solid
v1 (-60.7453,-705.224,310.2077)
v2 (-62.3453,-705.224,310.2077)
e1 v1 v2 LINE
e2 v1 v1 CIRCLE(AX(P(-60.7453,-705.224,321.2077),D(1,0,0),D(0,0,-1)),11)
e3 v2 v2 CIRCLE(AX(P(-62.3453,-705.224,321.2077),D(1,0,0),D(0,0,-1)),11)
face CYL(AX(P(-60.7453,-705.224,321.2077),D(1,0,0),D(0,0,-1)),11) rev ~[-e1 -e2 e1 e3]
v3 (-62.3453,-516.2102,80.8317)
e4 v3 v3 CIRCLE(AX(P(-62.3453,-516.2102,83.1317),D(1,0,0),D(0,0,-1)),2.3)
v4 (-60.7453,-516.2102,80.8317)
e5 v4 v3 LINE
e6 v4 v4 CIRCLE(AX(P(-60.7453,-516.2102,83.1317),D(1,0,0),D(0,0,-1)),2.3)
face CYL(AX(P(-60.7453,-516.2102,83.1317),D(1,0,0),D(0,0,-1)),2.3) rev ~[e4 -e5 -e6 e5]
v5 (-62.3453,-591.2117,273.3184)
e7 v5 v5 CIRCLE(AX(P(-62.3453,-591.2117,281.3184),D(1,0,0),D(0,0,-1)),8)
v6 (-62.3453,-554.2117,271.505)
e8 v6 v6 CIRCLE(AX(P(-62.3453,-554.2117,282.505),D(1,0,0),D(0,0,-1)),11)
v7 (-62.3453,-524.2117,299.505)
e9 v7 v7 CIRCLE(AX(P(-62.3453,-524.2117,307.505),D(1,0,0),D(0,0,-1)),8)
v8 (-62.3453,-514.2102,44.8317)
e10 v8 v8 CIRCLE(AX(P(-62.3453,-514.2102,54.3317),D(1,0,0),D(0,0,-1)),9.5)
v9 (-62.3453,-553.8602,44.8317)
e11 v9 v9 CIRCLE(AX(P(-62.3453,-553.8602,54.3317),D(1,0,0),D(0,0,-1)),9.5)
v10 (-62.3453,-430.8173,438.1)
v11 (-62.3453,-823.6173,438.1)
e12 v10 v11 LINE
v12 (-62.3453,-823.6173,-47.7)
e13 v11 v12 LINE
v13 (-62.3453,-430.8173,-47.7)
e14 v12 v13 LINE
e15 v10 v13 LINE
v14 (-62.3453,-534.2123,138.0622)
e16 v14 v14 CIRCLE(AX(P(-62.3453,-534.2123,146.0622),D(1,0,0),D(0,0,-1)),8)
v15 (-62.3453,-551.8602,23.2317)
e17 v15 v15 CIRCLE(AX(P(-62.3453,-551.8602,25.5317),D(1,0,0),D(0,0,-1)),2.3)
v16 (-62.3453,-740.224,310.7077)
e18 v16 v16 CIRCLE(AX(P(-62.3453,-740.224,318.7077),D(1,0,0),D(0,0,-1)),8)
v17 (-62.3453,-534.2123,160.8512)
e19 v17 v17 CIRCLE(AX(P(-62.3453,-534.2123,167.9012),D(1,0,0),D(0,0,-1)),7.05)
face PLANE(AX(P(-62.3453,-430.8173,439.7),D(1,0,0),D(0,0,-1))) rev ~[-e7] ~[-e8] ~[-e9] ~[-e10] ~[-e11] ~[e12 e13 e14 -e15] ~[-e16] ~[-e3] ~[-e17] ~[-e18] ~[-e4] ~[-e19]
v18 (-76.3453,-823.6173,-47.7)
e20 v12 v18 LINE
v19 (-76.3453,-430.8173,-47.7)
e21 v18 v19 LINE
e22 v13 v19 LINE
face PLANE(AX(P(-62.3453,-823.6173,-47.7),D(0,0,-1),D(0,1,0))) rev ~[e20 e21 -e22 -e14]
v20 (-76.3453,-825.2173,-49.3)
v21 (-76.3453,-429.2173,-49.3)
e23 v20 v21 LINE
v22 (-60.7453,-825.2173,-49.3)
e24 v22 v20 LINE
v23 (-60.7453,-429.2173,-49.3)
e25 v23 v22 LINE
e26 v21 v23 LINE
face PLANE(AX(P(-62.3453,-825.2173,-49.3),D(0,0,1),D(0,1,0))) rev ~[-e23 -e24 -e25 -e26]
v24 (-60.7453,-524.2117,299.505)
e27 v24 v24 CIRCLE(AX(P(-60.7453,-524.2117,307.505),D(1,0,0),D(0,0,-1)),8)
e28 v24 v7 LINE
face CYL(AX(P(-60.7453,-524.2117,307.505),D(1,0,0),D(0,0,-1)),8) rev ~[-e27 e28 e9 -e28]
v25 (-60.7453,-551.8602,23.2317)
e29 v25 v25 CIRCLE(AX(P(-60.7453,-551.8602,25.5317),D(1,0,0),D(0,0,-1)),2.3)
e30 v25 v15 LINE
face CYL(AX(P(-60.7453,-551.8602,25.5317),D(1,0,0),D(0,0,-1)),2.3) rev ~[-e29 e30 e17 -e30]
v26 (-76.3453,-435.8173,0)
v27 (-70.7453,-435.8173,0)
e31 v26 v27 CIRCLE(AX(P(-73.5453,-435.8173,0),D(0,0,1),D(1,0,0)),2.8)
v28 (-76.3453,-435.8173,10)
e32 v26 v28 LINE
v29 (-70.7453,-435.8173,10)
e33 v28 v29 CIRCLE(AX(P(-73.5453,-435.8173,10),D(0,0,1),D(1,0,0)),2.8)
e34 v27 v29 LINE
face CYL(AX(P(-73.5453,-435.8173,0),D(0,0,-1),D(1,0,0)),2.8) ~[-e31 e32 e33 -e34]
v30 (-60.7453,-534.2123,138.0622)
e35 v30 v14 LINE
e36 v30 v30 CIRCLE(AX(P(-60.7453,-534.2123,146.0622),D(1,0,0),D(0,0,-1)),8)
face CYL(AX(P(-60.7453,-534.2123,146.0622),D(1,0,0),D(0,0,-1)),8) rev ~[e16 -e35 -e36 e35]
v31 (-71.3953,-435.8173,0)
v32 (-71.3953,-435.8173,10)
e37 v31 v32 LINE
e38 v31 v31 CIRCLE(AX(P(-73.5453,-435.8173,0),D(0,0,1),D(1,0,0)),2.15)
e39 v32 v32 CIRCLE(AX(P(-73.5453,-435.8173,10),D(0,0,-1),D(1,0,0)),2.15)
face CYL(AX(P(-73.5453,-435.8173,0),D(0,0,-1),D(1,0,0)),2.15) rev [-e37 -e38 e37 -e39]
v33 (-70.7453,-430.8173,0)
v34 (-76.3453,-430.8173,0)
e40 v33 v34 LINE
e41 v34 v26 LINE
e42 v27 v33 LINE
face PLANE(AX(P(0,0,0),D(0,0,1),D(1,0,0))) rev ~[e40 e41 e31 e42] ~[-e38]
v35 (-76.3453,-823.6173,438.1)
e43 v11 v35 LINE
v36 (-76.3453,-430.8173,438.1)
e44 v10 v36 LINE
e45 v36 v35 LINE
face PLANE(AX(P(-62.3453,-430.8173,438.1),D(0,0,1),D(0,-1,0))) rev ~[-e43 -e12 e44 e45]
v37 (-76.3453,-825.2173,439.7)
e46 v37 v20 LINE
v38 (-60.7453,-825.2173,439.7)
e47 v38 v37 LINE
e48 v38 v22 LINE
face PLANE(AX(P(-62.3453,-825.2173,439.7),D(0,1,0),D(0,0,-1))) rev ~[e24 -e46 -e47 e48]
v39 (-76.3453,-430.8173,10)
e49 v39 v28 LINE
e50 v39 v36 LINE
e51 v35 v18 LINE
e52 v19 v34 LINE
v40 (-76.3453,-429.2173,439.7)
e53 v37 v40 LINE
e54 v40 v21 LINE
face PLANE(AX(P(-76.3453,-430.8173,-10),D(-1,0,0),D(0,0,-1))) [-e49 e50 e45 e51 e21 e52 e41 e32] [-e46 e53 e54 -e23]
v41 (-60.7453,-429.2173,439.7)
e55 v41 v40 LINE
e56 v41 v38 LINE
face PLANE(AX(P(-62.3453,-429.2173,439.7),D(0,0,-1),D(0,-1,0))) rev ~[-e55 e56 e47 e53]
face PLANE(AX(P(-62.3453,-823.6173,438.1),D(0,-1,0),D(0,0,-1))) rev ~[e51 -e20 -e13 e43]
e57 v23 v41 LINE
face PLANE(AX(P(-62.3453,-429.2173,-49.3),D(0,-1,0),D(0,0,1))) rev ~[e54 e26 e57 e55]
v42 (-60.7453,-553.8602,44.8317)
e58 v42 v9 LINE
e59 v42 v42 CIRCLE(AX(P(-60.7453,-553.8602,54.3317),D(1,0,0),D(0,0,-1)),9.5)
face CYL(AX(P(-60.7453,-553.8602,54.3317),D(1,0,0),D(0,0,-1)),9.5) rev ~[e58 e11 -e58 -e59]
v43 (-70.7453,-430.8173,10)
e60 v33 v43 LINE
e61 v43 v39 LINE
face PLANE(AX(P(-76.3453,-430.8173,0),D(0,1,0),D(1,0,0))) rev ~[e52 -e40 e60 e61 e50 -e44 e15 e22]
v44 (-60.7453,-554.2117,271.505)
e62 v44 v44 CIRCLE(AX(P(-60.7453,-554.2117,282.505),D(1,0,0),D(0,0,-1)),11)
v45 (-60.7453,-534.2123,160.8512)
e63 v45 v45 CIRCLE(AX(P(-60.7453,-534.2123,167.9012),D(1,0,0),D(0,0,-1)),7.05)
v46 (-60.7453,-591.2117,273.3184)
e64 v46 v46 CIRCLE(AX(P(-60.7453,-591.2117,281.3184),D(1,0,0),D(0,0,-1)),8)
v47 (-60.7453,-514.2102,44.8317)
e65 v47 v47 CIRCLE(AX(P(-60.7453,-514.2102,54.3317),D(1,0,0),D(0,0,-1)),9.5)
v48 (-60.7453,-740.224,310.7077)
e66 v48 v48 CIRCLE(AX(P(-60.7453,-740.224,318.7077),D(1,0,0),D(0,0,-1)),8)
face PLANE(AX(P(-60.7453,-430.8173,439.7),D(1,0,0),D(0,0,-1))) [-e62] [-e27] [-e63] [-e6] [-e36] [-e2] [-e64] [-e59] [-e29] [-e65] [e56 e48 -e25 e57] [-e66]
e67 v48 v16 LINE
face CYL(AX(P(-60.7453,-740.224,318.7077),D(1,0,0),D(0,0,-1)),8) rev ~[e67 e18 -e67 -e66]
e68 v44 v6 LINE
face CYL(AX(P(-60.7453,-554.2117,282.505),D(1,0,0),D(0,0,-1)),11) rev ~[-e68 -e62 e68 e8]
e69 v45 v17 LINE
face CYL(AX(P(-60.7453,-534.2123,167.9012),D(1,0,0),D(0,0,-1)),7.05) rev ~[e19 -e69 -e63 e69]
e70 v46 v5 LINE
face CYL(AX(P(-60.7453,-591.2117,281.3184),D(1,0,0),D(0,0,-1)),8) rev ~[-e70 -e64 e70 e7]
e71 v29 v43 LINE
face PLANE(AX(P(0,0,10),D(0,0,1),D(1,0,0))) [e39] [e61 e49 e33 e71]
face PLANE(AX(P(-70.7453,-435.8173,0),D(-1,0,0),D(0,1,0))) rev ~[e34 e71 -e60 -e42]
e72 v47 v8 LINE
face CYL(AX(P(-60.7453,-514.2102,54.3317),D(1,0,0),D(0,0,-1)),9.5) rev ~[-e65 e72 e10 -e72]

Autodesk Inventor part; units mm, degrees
ref_plane "YZ Plane" through (0, 0, 0) normal (1, 0, 0) x (0, 1, 0)
ref_plane "XZ Plane" through (0, 0, 0) normal (0, 1, 0) x (-1, 0, 0)
ref_plane "XY Plane" through (0, 0, 0) normal (0, 0, 1) x (1, 0, 0)
sketch "Sketch1" plane through (0, 0, 0) normal (0, 0, 1) x (1, 0, 0)
  circle A0 centre (-73.5453, -435.8173) radius 2.15 projected
  circle A1 centre (-73.5453, -435.8173) radius 2.8
  line L0 (-76.3453, -435.8173) -> (-70.7453, -435.8173)
  line L1 (-70.7453, -435.8173) -> (-70.7453, -430.8173)
  line L2 (-70.7453, -430.8173) -> (-76.3453, -430.8173)
  line L3 (-76.3453, -430.8173) -> (-76.3453, -435.8173)
  point P0 (0, 0)
  dimension "d1" = 5.6
  dimension "d2" = 5
extrude "Extrusion1" add sketch "Sketch1" along normal blind 10 contours L0 A1 A0 | A0 L0 A1 | A1 L3 L2 L1
sketch "Sketch2" plane through (-76.3453, -430.8173, 0) normal (0, 1, 0) x (1, 0, 0)
  line L0 (0, 49.3) -> (14, 49.3)
  line L1 (14, 49.3) -> (14, -439.7)
  line L2 (14, -439.7) -> (0, -439.7)
  line L3 (0, -439.7) -> (0, 49.3)
  line L4 (-11.8992, -390) -> (-11.8992, -380) projected
  line L5 (-11.8992, -380) -> (0.8131, -380) projected
  line L6 (0.8131, -380) -> (0.8131, -390) projected
  line L7 (0.8131, -390) -> (-11.8992, -390) projected
  line L8 (-11.8992, 0) -> (-11.8992, 10) projected
  line L9 (-11.8992, 10) -> (0.8131, 10) projected
  line L10 (0.8131, 10) -> (0.8131, 0) projected
  line L11 (0.8131, 0) -> (-11.8992, 0) projected
  line L12 (1.6631, -425.4) -> (1.6631, 35) projected
  line L13 (1.6631, 35) -> (308.0179, 35) projected
  line L14 (308.0179, 35) -> (308.0179, -425.4) projected
  line L15 (308.0179, -425.4) -> (1.6631, -425.4) projected
  line L16 (322.7236, -442.7) -> (322.7236, 52.3) projected
  line L17 (322.7236, 52.3) -> (-13.0426, 52.3) projected
  line L18 (-13.0426, 52.3) -> (-13.0426, -442.7) projected
  line L19 (-13.0426, -442.7) -> (322.7236, -442.7) projected
  point P0 (76.3453, 0)
  point P1 (0, -10)
  dimension "d5" = 14
  dimension "d6" = 489
  dimension "d7" = 3
  dimension "d8" = 3
extrude "Extrusion2" add sketch "Sketch2" along normal blind 1.6 contours L0 L1 L13 L12 L15 L2 L3 L7 L6 L5 L11 L10 L9 | L9 L10 L11 L3 | L1 L15 L12 L13 | L5 L6 L7 L3
sketch "Sketch3" plane through (-62.3453, -430.8173, 439.7) normal (1, 0, 0) x (0, 0, -1)
  line L0 (489, 0) -> (489, 1.6) projected
  line L1 (489, 1.6) -> (0, 1.6)
  line L2 (0, 1.6) -> (0, -394.4)
  line L3 (0, -394.4) -> (489, -394.4)
  line L4 (489, -394.4) -> (489, 1.6)
  point P0 (439.7, 430.8173)
  point P1 (489, 0)
  dimension "d11" = 396
extrude "Extrusion3" add sketch "Sketch3" along normal blind 1.6
sketch "Sketch4" plane through (-62.3453, -430.8173, 439.7) normal (-1, 0, 0) x (0, 0, 1)
  line L0 (0, 0) -> (-1.6, 0)
  line L1 (-1.6, 0) -> (-1.6, -394.4)
  line L2 (-1.6, -394.4) -> (0, -394.4)
  line L3 (0, -394.4) -> (0, 0)
  line L4 (-1.6, -392.8) -> (-489, -392.8)
  line L5 (-489, -392.8) -> (-489, -394.4)
  line L6 (-489, -394.4) -> (-1.6, -394.4)
  line L7 (-1.6, -394.4) -> (-1.6, -392.8)
  line L8 (-487.4, 0) -> (-489, 0)
  line L9 (-489, 0) -> (-489, -394.4)
  line L10 (-489, -394.4) -> (-487.4, -394.4)
  line L11 (-487.4, -394.4) -> (-487.4, 0)
  point P0 (-439.7, 430.8173)
  point P1 (0, -394.4)
  point P2 (-489, -394.4)
  point P3 (0, 0)
  point P4 (-487.4, -392.8)
  point P5 (-489, -392.8)
  point P6 (-1.6, -394.4)
  dimension "d14" = 1.6
  dimension "d15" = 1.6
  dimension "d16" = 1.6
extrude "Extrusion4" add sketch "Sketch4" along normal up to surface (14 mm away)
sketch "Sketch5" plane through (-60.7453, -430.8173, 439.7) normal (1, 0, 0) x (0, 0, -1)
  circle A0 centre (118.4923, -274.4067) radius 11 projected
  circle A1 centre (120.9923, -309.4067) radius 8 projected
  circle A2 centre (158.3816, -160.3944) radius 8 projected
  circle A3 centre (157.195, -123.3944) radius 11 projected
  circle A4 centre (132.195, -93.3944) radius 8 projected
  circle A5 centre (271.7988, -103.395) radius 7.05 projected
  circle A6 centre (293.6378, -103.395) radius 8 projected
  circle A7 centre (414.1683, -121.0429) radius 2.3 projected
  circle A8 centre (414.1683, -121.0429) radius 2.3 projected
  circle A9 centre (385.3683, -123.0429) radius 9.5 projected
  circle A10 centre (356.5683, -85.3929) radius 2.3 projected
  circle A11 centre (385.3683, -83.3929) radius 9.5 projected
  point P0 (439.7, 430.8173)
extrude "Extrusion5" cut sketch "Sketch5" along normal mid plane 100
properties part number "door"
